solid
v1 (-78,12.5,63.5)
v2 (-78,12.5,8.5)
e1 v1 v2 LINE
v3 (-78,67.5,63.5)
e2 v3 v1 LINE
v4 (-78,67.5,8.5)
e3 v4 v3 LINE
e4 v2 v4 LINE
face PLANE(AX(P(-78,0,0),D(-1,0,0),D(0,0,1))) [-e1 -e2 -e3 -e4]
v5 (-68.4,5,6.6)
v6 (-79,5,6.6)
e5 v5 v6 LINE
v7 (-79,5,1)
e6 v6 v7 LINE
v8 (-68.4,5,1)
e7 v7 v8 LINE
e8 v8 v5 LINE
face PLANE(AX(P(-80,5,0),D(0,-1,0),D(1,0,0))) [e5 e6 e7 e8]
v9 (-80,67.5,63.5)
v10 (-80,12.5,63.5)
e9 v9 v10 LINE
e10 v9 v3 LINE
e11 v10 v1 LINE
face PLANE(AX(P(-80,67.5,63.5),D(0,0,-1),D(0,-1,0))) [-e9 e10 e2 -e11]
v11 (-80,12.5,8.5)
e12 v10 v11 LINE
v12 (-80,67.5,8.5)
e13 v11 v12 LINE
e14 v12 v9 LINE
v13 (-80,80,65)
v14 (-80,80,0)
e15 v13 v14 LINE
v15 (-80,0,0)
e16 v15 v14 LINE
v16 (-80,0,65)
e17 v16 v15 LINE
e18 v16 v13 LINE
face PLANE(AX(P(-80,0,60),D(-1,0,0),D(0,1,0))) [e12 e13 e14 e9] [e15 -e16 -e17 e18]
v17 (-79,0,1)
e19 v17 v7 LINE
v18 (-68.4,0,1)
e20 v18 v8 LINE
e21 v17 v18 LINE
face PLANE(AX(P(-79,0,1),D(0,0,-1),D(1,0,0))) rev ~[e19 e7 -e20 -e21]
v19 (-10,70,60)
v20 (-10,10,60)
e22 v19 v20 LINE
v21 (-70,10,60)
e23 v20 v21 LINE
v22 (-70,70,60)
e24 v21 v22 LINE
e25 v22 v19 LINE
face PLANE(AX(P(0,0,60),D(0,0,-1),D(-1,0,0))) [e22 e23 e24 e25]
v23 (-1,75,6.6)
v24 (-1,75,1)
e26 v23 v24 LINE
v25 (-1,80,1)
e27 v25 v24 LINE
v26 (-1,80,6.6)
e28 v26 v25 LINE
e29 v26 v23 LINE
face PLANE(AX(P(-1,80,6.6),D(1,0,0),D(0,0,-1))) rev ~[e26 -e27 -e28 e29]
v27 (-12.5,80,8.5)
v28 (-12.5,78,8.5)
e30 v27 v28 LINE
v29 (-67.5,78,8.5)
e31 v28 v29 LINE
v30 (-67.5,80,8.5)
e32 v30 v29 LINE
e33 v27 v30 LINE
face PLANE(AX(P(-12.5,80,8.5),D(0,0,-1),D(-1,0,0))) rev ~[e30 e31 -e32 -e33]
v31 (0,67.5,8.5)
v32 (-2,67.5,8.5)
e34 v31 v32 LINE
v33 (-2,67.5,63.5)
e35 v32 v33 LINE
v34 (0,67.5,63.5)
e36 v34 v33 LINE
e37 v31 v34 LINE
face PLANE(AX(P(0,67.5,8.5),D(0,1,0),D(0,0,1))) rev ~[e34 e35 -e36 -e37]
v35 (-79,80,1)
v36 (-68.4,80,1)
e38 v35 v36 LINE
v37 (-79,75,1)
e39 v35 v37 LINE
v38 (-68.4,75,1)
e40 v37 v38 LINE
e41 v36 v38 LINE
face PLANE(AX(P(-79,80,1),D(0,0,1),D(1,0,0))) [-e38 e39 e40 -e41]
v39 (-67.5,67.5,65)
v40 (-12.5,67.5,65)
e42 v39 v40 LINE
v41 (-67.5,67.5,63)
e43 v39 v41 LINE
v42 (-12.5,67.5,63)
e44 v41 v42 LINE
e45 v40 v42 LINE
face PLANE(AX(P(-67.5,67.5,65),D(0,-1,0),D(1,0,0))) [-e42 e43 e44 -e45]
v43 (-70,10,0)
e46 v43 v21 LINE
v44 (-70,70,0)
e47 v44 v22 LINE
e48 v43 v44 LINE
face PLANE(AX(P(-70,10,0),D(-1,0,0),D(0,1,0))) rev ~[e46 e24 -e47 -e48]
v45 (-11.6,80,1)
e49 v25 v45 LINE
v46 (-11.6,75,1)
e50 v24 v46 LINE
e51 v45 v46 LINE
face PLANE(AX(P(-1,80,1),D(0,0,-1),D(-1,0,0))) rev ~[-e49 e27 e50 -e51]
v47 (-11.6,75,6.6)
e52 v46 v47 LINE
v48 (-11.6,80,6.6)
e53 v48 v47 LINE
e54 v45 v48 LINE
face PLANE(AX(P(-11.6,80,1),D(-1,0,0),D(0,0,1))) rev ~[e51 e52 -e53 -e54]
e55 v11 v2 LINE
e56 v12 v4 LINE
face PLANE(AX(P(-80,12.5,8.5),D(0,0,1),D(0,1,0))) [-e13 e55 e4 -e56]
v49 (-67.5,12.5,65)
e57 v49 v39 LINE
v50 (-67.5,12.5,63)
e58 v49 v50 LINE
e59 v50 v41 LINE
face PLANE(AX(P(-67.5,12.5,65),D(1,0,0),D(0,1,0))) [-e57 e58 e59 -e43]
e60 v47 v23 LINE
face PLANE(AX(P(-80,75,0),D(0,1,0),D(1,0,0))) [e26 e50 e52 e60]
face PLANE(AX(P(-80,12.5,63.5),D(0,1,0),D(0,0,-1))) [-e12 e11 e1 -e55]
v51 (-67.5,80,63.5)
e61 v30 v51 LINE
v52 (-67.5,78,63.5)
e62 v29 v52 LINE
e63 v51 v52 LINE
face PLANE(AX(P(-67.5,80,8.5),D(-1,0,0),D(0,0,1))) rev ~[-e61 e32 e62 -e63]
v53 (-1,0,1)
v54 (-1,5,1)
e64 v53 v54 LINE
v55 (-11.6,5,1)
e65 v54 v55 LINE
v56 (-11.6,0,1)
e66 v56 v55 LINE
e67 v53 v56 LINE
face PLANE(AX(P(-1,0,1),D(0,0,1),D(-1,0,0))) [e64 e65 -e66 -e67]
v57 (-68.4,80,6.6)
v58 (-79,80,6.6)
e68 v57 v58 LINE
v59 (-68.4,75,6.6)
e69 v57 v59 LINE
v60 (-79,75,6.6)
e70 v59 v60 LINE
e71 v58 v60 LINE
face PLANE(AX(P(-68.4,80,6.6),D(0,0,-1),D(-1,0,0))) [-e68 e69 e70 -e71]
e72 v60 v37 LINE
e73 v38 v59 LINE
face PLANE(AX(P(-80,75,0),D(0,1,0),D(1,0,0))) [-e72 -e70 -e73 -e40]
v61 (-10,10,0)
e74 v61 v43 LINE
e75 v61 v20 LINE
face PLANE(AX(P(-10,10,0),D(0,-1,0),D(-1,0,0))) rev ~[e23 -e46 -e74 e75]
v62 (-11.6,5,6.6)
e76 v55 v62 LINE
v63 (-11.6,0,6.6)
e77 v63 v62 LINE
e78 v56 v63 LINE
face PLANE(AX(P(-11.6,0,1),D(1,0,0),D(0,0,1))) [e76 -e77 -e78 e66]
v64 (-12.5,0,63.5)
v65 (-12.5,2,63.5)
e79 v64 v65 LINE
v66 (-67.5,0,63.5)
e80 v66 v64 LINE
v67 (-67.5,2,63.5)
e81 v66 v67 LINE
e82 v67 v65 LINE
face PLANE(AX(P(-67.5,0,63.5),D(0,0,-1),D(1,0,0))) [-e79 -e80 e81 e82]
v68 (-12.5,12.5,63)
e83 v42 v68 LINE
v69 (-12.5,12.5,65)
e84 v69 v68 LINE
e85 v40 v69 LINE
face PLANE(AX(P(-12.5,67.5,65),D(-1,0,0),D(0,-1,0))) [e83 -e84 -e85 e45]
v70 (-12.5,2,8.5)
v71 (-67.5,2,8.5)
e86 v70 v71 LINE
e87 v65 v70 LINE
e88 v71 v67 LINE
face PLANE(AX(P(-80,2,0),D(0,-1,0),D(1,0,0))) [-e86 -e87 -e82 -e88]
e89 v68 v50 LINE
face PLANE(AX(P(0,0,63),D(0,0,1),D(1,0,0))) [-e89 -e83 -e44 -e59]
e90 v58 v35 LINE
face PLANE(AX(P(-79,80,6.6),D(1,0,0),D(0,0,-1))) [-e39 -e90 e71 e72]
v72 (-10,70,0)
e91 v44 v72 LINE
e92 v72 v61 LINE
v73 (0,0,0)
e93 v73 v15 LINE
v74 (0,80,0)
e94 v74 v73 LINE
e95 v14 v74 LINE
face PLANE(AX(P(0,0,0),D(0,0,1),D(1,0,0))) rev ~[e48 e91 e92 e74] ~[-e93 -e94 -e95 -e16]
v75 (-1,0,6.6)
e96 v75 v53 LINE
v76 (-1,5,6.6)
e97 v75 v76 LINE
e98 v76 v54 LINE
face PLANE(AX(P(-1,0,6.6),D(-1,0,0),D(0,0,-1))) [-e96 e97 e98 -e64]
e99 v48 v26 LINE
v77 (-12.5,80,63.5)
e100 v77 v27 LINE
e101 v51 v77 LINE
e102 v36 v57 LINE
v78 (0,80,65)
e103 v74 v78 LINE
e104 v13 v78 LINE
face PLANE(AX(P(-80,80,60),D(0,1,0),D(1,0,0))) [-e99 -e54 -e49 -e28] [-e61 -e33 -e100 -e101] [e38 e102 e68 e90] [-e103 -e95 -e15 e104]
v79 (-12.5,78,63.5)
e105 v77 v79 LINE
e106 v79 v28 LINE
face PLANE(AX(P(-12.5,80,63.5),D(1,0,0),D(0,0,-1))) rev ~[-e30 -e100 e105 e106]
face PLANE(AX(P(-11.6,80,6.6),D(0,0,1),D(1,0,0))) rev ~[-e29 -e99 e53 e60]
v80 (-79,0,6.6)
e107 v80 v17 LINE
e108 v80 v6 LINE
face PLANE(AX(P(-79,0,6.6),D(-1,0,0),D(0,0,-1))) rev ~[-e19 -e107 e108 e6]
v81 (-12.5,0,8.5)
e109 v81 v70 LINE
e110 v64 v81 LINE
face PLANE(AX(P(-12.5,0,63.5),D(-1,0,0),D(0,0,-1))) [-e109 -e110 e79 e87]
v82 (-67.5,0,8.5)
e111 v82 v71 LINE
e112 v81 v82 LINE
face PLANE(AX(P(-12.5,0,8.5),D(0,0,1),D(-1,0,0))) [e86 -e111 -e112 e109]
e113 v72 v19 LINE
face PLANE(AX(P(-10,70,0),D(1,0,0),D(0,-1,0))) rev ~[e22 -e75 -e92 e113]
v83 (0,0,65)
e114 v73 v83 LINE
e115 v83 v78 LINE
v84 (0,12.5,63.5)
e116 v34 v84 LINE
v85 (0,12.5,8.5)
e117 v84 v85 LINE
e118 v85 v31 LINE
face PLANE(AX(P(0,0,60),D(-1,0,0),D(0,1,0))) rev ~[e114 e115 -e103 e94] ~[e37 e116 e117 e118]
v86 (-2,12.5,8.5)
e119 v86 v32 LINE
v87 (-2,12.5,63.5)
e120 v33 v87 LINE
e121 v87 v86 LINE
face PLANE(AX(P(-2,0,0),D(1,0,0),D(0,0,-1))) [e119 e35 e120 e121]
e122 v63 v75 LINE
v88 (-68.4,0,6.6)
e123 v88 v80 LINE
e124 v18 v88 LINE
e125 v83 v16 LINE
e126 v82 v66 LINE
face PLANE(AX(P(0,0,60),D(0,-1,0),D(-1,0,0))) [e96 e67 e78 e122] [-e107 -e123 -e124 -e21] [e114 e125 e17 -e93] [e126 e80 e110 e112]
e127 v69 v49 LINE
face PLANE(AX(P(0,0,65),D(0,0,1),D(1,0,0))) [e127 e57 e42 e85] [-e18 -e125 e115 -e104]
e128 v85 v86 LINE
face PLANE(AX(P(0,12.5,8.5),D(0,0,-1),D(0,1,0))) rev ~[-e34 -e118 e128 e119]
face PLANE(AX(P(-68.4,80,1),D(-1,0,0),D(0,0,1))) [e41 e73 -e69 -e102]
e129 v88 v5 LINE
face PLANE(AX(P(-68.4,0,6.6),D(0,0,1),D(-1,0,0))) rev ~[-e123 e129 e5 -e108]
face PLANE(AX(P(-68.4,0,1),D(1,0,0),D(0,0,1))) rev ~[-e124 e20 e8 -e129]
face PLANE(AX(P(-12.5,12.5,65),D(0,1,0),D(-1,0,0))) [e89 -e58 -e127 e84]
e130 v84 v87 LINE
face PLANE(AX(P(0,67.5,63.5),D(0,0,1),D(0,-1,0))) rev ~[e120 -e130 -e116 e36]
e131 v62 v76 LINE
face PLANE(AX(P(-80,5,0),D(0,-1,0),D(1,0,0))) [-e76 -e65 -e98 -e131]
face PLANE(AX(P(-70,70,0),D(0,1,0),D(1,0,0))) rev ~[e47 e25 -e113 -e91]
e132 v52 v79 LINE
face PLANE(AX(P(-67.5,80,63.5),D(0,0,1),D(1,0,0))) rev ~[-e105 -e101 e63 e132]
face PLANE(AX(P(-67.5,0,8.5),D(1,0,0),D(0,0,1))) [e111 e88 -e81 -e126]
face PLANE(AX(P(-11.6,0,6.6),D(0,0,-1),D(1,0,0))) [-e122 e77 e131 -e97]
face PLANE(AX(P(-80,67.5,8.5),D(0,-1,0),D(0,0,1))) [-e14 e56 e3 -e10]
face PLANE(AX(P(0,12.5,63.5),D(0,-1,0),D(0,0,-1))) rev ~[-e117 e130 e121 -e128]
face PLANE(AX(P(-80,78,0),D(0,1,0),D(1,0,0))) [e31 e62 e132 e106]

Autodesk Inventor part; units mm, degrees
ref_plane "YZ Plane" through (0, 0, 0) normal (1, 0, 0) x (0, 1, 0)
ref_plane "XZ Plane" through (0, 0, 0) normal (0, 1, 0) x (-1, 0, 0)
ref_plane "XY Plane" through (0, 0, 0) normal (0, 0, 1) x (1, 0, 0)
sketch "Sketch7" plane through (0, 0, 0) normal (0, 0, 1) x (1, 0, 0)
  line L0 (0, 0) -> (-80, 0)
  line L1 (-80, 0) -> (-80, 80)
  line L2 (-80, 80) -> (0, 80)
  line L3 (0, 80) -> (0, 0)
  line L4 (-70, 10) -> (-10, 10)
  line L5 (-10, 10) -> (-10, 70)
  line L6 (-10, 70) -> (-70, 70)
  line L7 (-70, 70) -> (-70, 10)
  dimension "d54" = 80
  dimension "d55" = 80
  dimension "d110" = 60
  dimension "d111" = 60
extrude "Extrusion10" add sketch "Sketch7" along normal blind 60 contours L0 L1 L2 L3 | L7 L6 L5 L4
sketch "Sketch8" plane through (0, 0, 60) normal (0, 0, 1) x (1, 0, 0)
  line L0 (0, 0) -> (0, 80) projected
  line L1 (0, 0) -> (-80, 0)
  line L2 (-80, 0) -> (-80, 80)
  line L3 (-80, 80) -> (0, 80)
  line L4 (0, 80) -> (0, 0)
  dimension "d60" = 80
  dimension "d61" = 80
extrude "Extrusion11" add sketch "Sketch8" along normal blind 5
sketch "Sketch9" plane through (0, 0, 65) normal (0, 0, 1) x (1, 0, 0)
  line L0 (-12.5, 12.5) -> (-67.5, 12.5)
  line L1 (-67.5, 12.5) -> (-67.5, 67.5)
  line L2 (-67.5, 67.5) -> (-12.5, 67.5)
  line L3 (-12.5, 67.5) -> (-12.5, 12.5)
  point P0 (0, 0)
  dimension "d64" = 55
  dimension "d65" = 55
extrude "Extrusion12" cut sketch "Sketch9" against normal blind 2
sketch "Sketch10" plane through (0, 0, 0) normal (1, 0, 0) x (0, 0, -1)
  line L0 (-63.5, 12.5) -> (-8.5, 12.5)
  line L1 (-8.5, 12.5) -> (-8.5, 67.5)
  line L2 (-8.5, 67.5) -> (-63.5, 67.5)
  line L3 (-63.5, 67.5) -> (-63.5, 12.5)
  point P0 (0, 0)
  dimension "d68" = 55
  dimension "d69" = 55
extrude "Extrusion13" cut sketch "Sketch10" against normal blind 2
sketch "Sketch11" plane through (-80, 80, 0) normal (0, 1, 0) x (1, 0, 0)
  line L0 (12.5, -63.5) -> (67.5, -63.5)
  line L1 (67.5, -63.5) -> (67.5, -8.5)
  line L2 (67.5, -8.5) -> (12.5, -8.5)
  line L3 (12.5, -8.5) -> (12.5, -63.5)
  point P0 (80, 0)
  dimension "d72" = 55
  dimension "d73" = 55
sketch "Sketch12" plane through (-80, 0, 0) normal (-1, 0, 0) x (0, 0, 1)
  line L0 (63.5, 12.5) -> (8.5, 12.5)
  line L1 (8.5, 12.5) -> (8.5, 67.5)
  line L2 (8.5, 67.5) -> (63.5, 67.5)
  line L3 (63.5, 67.5) -> (63.5, 12.5)
  point P0 (0, 0)
  dimension "d74" = 55
  dimension "d75" = 55
sketch "Sketch13" plane through (-80, 0, 0) normal (0, -1, 0) x (1, 0, 0)
  line L0 (12.5, 63.5) -> (67.5, 63.5)
  line L1 (67.5, 63.5) -> (67.5, 8.5)
  line L2 (67.5, 8.5) -> (12.5, 8.5)
  line L3 (12.5, 8.5) -> (12.5, 63.5)
  point P0 (80, 0)
  dimension "d76" = 55
  dimension "d77" = 55
extrude "Extrusion14" cut sketch "Sketch11" against normal blind 2
extrude "Extrusion15" cut sketch "Sketch12" against normal blind 2
extrude "Extrusion16" cut sketch "Sketch13" against normal blind 2
sketch "Sketch14" plane through (-80, 80, 0) normal (0, 1, 0) x (1, 0, 0)
  line L0 (79, -1) -> (68.4, -1)
  line L1 (68.4, -1) -> (68.4, -6.6)
  line L2 (68.4, -6.6) -> (79, -6.6)
  line L3 (79, -6.6) -> (79, -1)
  line L4 (1, -1) -> (11.6, -1)
  line L5 (11.6, -1) -> (11.6, -6.6)
  line L6 (11.6, -6.6) -> (1, -6.6)
  line L7 (1, -6.6) -> (1, -1)
  point P0 (80, 0)
  dimension "d84" = 10.6
  dimension "d85" = 5.6
  dimension "d86" = 10.6
  dimension "d87" = 5.6
extrude "Extrusion17" cut sketch "Sketch14" against normal blind 5
sketch "Sketch16" plane through (-80, 0, 0) normal (0, -1, 0) x (1, 0, 0)
  line L0 (1, 1) -> (11.6, 1)
  line L1 (11.6, 1) -> (11.6, 6.6)
  line L2 (11.6, 6.6) -> (1, 6.6)
  line L3 (1, 6.6) -> (1, 1)
  line L4 (79, 1) -> (68.4, 1)
  line L5 (68.4, 1) -> (68.4, 6.6)
  line L6 (68.4, 6.6) -> (79, 6.6)
  line L7 (79, 6.6) -> (79, 1)
  point P0 (80, 0)
  dimension "d94" = 10.6
  dimension "d95" = 5.6
  dimension "d96" = 10.6
  dimension "d97" = 5.6
extrude "Extrusion19" cut sketch "Sketch16" against normal blind 5
sketch "Sketch18" plane through (0, 0, 0) normal (0, 0, -1) x (-1, 0, 0)
  line L0 (10, 10) -> (70, 10)
  line L1 (70, 10) -> (70, 70)
  line L2 (70, 70) -> (10, 70)
  line L3 (10, 70) -> (10, 10)
  point P0 (0, 0)
  dimension "d114" = 60
  dimension "d115" = 60
extrude "Extrusion21" cut sketch "Sketch18" against normal blind 60
properties part number "Joint_MarkerCube_V3"
